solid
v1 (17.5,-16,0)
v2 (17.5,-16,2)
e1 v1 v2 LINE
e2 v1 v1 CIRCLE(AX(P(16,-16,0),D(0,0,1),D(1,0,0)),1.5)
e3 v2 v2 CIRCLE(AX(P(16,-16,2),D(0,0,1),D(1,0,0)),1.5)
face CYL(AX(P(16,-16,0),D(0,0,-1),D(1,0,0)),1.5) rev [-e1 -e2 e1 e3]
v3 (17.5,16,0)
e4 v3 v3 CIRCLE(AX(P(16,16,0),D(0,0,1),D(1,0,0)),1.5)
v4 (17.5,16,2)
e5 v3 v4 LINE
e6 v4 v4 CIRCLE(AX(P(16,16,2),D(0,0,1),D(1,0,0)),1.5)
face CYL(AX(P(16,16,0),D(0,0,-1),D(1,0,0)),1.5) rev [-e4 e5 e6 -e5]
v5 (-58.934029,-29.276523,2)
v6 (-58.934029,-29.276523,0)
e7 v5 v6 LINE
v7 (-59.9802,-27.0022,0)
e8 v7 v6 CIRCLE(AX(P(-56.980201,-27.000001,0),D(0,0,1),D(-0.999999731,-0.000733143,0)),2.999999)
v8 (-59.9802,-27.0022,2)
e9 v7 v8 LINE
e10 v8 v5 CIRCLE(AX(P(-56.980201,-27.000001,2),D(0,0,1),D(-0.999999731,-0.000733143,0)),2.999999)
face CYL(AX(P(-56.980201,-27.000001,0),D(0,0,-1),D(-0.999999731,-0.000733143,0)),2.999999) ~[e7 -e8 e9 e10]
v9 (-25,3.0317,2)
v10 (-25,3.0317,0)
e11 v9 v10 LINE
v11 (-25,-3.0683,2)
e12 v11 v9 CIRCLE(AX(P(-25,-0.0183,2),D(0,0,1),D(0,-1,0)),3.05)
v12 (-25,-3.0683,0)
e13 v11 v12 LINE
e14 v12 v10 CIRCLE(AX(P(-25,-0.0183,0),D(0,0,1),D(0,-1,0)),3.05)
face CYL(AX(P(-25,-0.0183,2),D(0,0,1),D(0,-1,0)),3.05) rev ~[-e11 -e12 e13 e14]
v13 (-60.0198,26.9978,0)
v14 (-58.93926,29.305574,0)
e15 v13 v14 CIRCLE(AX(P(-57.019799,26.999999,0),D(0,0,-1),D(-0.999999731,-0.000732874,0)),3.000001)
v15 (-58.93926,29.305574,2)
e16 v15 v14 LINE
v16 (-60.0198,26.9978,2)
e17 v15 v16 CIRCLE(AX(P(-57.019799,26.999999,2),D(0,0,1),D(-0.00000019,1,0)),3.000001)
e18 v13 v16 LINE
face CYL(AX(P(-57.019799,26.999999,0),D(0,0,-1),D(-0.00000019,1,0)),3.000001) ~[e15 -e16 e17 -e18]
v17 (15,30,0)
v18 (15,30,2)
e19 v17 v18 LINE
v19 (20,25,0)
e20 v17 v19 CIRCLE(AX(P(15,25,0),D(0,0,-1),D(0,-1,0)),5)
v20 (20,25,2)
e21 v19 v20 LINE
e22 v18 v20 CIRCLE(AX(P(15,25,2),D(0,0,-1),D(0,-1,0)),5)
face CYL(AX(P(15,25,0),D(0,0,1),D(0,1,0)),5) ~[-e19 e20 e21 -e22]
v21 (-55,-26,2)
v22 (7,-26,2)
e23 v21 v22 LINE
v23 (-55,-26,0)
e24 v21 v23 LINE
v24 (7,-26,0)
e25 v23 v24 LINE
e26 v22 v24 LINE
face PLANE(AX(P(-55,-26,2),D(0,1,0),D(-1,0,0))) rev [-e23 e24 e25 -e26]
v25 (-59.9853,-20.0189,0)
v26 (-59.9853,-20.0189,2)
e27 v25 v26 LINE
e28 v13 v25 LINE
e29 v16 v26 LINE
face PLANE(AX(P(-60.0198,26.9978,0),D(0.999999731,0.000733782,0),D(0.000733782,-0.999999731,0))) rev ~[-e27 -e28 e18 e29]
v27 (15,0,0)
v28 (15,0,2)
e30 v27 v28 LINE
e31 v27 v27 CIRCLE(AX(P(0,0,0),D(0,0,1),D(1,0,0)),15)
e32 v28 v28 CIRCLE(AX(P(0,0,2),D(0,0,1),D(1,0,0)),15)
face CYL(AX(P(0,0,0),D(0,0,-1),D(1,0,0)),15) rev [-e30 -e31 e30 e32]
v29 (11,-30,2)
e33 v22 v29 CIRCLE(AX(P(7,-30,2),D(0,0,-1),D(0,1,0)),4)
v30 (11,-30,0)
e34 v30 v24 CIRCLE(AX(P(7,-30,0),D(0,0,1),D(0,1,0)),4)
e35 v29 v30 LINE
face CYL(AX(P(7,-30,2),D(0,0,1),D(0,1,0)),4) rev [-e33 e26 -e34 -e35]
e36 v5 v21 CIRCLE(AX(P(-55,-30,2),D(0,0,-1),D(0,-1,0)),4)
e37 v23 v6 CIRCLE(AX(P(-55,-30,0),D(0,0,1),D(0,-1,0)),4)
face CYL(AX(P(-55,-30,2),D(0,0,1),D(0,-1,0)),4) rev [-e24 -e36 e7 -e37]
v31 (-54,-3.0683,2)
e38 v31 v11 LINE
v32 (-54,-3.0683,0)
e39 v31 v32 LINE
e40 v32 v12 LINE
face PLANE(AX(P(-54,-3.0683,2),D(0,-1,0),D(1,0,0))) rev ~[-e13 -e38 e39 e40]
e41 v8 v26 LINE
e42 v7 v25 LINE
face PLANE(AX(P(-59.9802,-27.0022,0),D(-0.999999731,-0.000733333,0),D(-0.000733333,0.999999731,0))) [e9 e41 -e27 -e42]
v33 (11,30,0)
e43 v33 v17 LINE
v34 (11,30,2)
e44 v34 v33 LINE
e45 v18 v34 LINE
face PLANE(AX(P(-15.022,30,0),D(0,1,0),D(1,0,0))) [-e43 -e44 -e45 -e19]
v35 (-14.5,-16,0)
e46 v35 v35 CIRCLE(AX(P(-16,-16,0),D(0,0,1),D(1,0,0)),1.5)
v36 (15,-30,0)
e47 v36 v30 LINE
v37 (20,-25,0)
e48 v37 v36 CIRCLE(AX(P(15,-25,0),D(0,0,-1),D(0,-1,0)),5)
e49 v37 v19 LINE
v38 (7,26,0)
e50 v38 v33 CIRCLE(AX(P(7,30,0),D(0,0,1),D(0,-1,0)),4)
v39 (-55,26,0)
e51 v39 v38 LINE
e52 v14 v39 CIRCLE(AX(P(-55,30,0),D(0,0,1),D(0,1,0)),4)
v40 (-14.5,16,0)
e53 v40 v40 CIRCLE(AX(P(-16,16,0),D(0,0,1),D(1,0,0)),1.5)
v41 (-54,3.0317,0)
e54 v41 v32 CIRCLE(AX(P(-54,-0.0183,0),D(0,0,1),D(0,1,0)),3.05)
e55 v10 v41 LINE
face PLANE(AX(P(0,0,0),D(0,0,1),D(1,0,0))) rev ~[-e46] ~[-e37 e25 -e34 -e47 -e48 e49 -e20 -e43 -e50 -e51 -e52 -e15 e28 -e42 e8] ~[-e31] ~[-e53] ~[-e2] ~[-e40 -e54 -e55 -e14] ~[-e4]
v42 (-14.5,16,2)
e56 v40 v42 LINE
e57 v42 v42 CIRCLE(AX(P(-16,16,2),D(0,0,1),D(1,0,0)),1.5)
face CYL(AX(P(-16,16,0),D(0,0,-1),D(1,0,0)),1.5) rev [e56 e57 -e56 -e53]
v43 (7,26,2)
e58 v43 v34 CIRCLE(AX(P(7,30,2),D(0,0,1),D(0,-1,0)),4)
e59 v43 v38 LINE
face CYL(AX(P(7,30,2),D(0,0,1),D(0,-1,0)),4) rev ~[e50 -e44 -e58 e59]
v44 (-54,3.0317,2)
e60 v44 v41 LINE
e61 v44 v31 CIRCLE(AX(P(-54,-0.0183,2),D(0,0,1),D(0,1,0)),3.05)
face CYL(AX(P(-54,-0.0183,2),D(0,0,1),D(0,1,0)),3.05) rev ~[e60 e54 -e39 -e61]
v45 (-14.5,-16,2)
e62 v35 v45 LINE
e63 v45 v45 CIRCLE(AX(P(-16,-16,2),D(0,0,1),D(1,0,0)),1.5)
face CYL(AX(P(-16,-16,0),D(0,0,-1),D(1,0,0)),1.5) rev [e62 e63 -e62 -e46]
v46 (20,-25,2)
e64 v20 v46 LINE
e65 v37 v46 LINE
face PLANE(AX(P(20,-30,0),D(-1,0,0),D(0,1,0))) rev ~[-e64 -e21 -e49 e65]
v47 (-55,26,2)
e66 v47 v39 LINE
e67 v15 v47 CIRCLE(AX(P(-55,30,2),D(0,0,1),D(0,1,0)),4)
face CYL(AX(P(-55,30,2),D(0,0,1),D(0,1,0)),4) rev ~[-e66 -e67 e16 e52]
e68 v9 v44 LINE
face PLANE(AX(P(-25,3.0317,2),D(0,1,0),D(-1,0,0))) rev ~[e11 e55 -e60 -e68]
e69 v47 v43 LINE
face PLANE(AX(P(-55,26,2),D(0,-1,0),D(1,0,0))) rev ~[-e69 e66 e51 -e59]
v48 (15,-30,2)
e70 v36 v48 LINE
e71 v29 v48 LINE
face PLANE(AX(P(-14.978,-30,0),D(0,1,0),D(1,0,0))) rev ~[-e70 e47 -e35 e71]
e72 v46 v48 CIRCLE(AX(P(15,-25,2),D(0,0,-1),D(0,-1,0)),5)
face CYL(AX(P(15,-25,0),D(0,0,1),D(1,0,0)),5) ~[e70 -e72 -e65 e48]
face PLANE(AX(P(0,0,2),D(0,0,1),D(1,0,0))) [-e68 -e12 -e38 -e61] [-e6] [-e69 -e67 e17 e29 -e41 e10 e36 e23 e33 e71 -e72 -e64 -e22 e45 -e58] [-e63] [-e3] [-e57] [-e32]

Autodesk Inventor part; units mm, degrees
ref_plane "YZ Plane" through (0, 0, 0) normal (1, 0, 0) x (0, 1, 0)
ref_plane "XZ Plane" through (0, 0, 0) normal (0, 1, 0) x (-1, 0, 0)
ref_plane "XY Plane" through (0, 0, 0) normal (0, 0, 1) x (1, 0, 0)
sketch "Sketch1" plane through (0, 0, 0) normal (0, 0, 1) x (1, 0, 0)
  circle A0 centre (0, 0) radius 15 projected
  circle A1 centre (16, 16) radius 1.5 projected
  circle A2 centre (-16, 16) radius 1.5 projected
  circle A3 centre (-16, -16) radius 1.5 projected
  circle A4 centre (16, -16) radius 1.5 projected
  line L0 (20, -18) -> (20, 18) projected
  line L1 (18, 20) -> (-18, 20) projected
  line L2 (-60.0198, 26.9978) -> (-59.9853, -20.0189)
  line L3 (-18, -20) -> (18, -20) projected
  line L4 (-57.0198, 30) -> (-15.022, 30)
  line L5 (-14.978, -30) -> (-56.9802, -30)
  line L6 (-59.9802, -27.0022) -> (-60.0198, 26.9978)
  arc A5 (-59.9802, -27.0022) -> (-56.9802, -30) centre (-56.9802, -27) ccw
  arc A6 (-57.0198, 30) -> (-60.0198, 26.9978) centre (-57.0198, 27) ccw
  line L7 (20, -18) -> (20, 18)
  line L8 (-14.978, -30) -> (20, -30)
  line L9 (20, -30) -> (20, -18)
  line L10 (20, -30) -> (-56.9802, -30)
  line L11 (-60.0198, -29) -> (-60.0198, 27)
  line L12 (-57.0198, 30) -> (20, 30)
  line L13 (20, 30) -> (20, -30)
  point P0 (0, 0)
  point P1 (-60.0198, 26.9811)
  point P2 (-59.978, -30)
  dimension "d16" = 3
  dimension "d17" = 3
  dimension "d26" = 30
  dimension "d27" = 60
  dimension "d29" = 45
  dimension "d30" = 45
  dimension "d31" = 60
  dimension "d32" = 79.9853
  dimension "d33" = 80.0198
extrude "Extrusion1" add sketch "Sketch1" along normal blind 2
fillet "Fillet1" radius 5 2 edges at (20, -30, 1) (20, 30, 1)
sketch "Sketch4" plane through (0, 0, 2) normal (0, 0, 1) x (1, 0, 0)
  line L0 (-21.95, -0.0183) -> (-57.05, -0.0183) construction
  line L1 (-25, 3.0317) -> (-54, 3.0317)
  line L2 (-54, -3.0683) -> (-25, -3.0683)
  arc A0 (-25, -3.0683) -> (-25, 3.0317) centre (-25, -0.0183) ccw
  arc A1 (-54, 3.0317) -> (-54, -3.0683) centre (-54, -0.0183) ccw
  circle A2 centre (0, 0) radius 15 projected
  line L3 (-60.0198, 26.9978) -> (-59.9802, -27.0022) projected
  point P0 (0, 0)
  point P1 (-39.5, -0.0183)
  dimension "d34" = 6.1
  dimension "d35" = 25
  dimension "d36" = 6
extrude "Extrusion2" cut sketch "Sketch4" against normal through all contours A0 L2 A1 L1
sketch "Sketch5" plane through (0, 0, 2) normal (0, 0, 1) x (1, 0, 0)
  point P0 (0, 0)
sketch "Sketch6" plane through (0, 0, 2) normal (0, 0, 1) x (1, 0, 0)
  line L0 (15, 30) -> (-57.0198, 30) projected
  line L1 (7, 30) -> (-55, 30) construction
  line L2 (7, 34) -> (-55, 34)
  line L3 (-55, 26) -> (7, 26)
  arc A0 (7, 26) -> (7, 34) centre (7, 30) ccw
  arc A1 (-55, 34) -> (-55, 26) centre (-55, 30) ccw
  point P0 (0, 0)
  point P1 (-24, 30)
  dimension "d39" = 62
extrude "Extrusion3" cut sketch "Sketch6" against normal through all
ref_plane "Work Plane1" through (15, 0, 2) normal (0, 1, 0) x (1, 0, 0)
mirror "Mirror1" about plane through (15, 0, 2) normal (0, 1, 0) of "Extrusion3"
equation "\"d26\" = 0.5 * d27"
equation "\"d30\" = d29"
properties part number "X-motor-holder"
